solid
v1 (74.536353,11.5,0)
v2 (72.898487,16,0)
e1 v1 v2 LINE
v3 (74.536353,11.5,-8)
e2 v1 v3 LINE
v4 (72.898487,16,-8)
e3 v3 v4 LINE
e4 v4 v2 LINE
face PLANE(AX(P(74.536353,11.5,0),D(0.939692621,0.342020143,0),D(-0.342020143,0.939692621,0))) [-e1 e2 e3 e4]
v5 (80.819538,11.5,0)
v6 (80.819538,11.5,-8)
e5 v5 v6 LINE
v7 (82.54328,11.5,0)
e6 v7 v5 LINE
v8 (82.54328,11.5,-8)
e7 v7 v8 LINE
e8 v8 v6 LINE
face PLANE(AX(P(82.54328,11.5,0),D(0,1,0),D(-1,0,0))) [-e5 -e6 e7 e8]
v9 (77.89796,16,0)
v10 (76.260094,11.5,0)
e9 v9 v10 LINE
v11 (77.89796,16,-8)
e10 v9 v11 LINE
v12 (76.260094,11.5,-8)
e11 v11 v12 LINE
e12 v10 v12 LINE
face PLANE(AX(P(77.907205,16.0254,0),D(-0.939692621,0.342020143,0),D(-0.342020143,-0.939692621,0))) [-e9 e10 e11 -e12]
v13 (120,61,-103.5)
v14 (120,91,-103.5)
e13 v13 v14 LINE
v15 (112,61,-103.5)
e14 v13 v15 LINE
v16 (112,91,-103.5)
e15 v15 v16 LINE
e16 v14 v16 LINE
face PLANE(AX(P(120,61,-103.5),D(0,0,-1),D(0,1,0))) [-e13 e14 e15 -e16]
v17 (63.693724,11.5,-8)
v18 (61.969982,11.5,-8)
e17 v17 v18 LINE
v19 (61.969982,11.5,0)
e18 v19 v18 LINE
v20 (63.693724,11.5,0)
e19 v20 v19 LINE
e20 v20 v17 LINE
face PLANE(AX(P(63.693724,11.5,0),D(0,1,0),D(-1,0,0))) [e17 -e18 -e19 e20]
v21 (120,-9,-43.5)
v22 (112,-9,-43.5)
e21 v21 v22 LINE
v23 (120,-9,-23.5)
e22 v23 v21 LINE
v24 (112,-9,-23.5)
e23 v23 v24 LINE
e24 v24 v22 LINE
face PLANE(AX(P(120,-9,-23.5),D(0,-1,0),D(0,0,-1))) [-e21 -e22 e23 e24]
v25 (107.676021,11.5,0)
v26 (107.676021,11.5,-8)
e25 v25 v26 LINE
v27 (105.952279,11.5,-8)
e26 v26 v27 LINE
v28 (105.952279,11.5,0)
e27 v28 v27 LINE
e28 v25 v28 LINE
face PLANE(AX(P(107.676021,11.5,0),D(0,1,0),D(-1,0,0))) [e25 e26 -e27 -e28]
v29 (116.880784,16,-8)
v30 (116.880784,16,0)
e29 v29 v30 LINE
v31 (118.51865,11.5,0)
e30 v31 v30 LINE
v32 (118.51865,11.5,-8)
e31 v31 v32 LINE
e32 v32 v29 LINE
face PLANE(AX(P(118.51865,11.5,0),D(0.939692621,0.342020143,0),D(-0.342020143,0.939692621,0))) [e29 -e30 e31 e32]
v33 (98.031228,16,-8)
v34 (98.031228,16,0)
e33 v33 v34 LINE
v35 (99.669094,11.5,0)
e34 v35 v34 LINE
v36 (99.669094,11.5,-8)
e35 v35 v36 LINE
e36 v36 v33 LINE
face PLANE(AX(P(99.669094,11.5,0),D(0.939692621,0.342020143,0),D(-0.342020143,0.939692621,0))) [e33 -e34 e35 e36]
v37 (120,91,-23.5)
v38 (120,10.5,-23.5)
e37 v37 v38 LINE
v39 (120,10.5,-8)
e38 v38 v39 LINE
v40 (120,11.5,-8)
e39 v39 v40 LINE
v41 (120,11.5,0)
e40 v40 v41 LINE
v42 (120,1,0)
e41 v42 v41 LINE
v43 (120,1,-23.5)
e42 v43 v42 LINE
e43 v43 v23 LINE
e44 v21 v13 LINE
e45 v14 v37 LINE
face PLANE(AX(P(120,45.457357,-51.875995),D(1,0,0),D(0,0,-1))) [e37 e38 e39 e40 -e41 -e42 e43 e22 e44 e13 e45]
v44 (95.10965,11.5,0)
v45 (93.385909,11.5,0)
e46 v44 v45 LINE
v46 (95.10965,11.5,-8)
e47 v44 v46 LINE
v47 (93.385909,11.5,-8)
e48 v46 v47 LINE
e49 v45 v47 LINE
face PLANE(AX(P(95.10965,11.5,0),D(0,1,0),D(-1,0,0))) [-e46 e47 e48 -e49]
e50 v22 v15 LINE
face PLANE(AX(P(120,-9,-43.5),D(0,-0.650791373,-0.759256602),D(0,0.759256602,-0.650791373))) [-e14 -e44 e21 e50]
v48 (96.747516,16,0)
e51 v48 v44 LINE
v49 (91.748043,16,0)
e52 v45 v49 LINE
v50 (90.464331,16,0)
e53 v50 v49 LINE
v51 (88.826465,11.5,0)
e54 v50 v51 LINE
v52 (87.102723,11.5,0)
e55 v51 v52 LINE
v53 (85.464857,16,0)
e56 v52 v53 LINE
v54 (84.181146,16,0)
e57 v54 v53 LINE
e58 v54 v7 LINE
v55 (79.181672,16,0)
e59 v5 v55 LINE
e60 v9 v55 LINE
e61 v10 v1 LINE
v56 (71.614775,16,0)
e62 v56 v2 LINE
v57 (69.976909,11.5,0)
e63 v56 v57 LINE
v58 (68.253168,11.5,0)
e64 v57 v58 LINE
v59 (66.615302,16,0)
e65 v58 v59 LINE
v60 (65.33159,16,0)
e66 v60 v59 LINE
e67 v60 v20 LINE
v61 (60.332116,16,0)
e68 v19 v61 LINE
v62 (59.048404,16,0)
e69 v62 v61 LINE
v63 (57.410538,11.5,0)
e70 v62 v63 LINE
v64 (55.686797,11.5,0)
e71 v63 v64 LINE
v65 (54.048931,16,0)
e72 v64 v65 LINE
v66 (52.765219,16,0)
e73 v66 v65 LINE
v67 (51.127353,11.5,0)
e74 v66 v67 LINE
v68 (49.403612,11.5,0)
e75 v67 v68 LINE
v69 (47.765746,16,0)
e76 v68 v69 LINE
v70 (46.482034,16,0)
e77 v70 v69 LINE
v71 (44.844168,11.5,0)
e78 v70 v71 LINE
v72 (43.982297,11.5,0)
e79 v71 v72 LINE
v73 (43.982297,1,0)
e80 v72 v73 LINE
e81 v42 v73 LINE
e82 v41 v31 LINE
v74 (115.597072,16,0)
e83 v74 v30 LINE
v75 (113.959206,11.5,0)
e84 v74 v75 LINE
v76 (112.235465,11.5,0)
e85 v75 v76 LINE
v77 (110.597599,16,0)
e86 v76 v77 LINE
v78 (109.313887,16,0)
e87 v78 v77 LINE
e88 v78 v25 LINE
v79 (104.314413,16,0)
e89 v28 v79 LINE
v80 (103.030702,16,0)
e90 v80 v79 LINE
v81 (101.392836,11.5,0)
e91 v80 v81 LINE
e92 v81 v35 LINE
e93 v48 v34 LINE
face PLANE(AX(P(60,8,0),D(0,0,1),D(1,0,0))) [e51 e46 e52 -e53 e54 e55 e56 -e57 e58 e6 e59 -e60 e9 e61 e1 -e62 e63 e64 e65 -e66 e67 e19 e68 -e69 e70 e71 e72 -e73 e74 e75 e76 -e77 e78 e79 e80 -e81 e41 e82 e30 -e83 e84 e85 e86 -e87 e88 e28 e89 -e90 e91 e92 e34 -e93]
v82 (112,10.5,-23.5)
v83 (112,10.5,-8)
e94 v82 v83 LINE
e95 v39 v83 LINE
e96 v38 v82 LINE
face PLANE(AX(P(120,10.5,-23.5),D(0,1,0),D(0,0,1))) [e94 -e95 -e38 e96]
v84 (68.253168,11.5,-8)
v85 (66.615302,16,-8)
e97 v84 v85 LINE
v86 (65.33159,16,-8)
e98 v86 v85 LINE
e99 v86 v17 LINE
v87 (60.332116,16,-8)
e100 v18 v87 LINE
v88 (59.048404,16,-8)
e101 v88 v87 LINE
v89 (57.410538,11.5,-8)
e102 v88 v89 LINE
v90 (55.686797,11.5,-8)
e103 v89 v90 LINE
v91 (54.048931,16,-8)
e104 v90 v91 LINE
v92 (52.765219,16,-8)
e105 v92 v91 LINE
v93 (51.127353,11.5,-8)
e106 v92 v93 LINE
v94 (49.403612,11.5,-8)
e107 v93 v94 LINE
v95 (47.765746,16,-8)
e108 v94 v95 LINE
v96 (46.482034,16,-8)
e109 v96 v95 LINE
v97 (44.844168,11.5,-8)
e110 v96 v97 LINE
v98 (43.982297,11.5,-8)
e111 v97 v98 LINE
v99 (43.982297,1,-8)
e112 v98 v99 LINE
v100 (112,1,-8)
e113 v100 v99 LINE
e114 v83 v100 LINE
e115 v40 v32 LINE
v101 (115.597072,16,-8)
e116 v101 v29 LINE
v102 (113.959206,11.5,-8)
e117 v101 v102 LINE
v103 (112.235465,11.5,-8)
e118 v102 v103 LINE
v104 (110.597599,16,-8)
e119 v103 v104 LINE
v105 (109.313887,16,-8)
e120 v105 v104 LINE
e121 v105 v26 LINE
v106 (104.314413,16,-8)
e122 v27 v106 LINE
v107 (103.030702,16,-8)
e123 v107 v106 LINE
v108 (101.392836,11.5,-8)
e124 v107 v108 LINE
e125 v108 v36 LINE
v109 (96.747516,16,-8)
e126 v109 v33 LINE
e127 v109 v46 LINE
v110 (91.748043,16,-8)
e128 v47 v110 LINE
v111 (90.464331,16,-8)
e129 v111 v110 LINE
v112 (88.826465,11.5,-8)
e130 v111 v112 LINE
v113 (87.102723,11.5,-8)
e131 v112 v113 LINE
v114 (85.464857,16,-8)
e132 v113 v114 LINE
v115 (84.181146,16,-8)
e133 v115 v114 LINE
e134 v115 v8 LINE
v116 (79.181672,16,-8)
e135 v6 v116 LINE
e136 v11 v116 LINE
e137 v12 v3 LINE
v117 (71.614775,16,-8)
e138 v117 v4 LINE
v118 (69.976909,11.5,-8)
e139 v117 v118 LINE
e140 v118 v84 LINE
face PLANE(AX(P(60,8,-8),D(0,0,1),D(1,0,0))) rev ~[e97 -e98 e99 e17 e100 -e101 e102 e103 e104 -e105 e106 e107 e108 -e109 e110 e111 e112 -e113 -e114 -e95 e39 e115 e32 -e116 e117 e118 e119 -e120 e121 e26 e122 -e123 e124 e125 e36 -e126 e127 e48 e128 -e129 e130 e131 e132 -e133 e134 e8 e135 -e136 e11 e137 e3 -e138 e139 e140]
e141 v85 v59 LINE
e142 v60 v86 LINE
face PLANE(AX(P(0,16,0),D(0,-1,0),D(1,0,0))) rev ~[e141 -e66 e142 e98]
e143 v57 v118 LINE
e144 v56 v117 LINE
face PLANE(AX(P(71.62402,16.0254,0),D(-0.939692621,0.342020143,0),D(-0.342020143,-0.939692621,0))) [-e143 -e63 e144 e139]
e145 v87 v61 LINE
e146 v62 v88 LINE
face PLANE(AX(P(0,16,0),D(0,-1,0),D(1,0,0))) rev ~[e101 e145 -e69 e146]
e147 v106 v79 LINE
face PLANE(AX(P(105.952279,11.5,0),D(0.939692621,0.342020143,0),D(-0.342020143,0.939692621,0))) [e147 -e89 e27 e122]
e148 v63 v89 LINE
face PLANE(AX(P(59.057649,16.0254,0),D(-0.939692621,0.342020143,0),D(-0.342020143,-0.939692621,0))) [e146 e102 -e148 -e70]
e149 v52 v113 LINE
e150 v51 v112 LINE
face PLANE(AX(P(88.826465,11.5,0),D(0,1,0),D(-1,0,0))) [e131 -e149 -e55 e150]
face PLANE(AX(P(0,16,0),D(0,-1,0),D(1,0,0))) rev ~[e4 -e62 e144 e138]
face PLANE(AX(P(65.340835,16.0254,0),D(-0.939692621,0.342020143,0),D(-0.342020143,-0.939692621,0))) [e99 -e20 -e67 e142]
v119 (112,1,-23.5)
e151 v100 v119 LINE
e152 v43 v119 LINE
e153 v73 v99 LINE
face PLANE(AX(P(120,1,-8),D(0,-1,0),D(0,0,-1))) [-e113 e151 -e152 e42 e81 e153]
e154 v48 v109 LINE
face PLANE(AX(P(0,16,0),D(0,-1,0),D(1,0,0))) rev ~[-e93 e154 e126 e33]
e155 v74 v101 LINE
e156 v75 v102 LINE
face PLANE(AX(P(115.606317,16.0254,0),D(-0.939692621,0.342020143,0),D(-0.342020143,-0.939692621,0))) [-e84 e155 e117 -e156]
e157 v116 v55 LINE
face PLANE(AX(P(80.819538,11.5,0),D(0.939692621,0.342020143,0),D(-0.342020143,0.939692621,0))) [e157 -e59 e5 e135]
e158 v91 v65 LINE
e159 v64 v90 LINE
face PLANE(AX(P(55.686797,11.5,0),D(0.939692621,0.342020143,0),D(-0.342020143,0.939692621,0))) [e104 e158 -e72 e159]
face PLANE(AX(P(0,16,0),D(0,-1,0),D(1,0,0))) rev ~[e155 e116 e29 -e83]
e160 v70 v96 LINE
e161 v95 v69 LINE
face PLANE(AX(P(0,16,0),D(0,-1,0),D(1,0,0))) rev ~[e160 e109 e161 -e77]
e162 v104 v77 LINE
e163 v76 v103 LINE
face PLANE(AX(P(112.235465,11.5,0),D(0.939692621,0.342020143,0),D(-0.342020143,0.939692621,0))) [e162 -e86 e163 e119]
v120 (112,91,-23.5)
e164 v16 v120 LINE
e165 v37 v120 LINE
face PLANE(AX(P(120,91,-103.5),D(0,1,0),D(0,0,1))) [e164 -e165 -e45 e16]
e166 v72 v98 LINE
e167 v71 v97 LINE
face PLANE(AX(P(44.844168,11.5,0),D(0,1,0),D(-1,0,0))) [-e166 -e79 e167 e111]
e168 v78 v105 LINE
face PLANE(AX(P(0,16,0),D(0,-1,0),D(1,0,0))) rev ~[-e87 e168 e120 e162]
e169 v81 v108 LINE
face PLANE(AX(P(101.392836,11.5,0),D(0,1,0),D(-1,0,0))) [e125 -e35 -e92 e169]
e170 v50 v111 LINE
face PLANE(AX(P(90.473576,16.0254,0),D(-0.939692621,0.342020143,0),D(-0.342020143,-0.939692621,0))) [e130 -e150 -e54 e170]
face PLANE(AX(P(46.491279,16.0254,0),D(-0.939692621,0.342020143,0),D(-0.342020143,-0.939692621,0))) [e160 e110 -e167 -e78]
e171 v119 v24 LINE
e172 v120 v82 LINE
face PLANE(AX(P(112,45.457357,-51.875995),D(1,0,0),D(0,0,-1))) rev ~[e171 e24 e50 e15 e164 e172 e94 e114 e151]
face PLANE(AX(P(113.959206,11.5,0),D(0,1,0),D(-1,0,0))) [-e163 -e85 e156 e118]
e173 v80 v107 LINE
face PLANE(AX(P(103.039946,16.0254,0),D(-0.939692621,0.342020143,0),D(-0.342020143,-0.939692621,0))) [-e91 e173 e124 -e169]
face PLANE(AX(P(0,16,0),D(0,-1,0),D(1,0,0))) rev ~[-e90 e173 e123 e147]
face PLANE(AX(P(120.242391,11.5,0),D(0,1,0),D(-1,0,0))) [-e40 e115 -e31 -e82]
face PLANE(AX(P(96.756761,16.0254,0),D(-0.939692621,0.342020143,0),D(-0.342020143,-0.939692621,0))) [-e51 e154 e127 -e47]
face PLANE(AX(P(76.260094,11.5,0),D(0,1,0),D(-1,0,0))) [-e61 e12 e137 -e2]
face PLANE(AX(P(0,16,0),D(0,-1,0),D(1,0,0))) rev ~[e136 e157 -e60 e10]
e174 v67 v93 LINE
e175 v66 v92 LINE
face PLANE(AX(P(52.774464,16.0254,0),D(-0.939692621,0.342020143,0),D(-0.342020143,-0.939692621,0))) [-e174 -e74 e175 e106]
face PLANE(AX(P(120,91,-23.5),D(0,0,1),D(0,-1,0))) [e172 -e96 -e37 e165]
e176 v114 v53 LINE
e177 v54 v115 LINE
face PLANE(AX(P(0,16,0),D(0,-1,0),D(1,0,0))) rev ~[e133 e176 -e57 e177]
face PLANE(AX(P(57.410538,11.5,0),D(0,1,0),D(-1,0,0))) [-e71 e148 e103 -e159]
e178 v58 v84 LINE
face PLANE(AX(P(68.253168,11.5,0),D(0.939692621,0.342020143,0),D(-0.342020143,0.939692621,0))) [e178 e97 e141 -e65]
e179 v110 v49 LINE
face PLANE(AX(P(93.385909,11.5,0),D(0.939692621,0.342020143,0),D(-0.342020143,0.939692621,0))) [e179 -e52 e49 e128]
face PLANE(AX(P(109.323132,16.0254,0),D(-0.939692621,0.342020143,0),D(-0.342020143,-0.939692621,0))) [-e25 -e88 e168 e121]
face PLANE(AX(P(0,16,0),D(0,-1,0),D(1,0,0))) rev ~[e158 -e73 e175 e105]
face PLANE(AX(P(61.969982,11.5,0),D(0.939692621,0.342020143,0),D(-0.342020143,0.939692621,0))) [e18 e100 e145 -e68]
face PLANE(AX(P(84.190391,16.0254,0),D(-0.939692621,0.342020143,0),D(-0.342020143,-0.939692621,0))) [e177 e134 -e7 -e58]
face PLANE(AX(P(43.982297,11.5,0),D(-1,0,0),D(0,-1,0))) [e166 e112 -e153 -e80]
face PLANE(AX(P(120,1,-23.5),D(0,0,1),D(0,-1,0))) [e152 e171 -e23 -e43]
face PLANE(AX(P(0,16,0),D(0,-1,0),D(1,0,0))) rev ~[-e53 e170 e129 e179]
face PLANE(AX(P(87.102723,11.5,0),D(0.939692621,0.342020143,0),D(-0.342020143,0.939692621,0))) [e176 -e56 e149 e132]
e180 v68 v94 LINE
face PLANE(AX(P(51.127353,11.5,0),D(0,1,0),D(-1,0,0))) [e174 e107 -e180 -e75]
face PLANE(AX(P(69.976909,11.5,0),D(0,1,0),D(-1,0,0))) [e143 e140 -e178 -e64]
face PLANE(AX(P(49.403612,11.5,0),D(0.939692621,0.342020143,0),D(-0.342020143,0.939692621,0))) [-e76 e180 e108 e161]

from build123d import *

# Parameters (mm, degrees)
BLANKSKE_W          = 120
BLANKSKE_H          = 16
BLANK_DEPTH         = 8
TOOTHCUTSIM_DEPTH   = 122.326007105
TEETHCUTS_COUNT     = 20
TEETHCUTS_PITCH     = 6.2831853
SKETCH1_W           = 8
SKETCH1_H           = 1
CUT_EXTRUDE1_DEPTH  = 122.326007105
BOSS_EXTRUDE2_DEPTH = 8
CUT_EXTRUDE2_DEPTH  = 183.738200713


with BuildPart() as part:
    # BlankSke → Blank (new body)
    with BuildSketch(Plane.XY):
        with Locations((60, 8)):
            Rectangle(BLANKSKE_W, BLANKSKE_H)
    extrude(amount=-BLANK_DEPTH)

    # TooCutSkeSim → ToothCutSim (cut, through all)
    with BuildSketch(Plane.XY):
        Polygon((0.861870739, 11.5), (-0.861870739, 11.5), (-2.508981637, 16.0254), (2.508981637, 16.0254), align=None)
    toothcutsim = extrude(amount=-TOOTHCUTSIM_DEPTH, mode=Mode.SUBTRACT)

    # TeethCuts: ToothCutSim ×20
    with Locations(*[(i * TEETHCUTS_PITCH, 0, 0) for i in range(1, TEETHCUTS_COUNT)]):
        add(toothcutsim, mode=Mode.SUBTRACT)

    # Sketch1 → Cut-Extrude1 (cut, through all)
    with BuildSketch(Plane(origin=(120, 0, 0), x_dir=(0, 0, -1), z_dir=(1, 0, 0))):
        with Locations((4, 0.5)):
            Rectangle(SKETCH1_W, SKETCH1_H)
    extrude(amount=-CUT_EXTRUDE1_DEPTH, mode=Mode.SUBTRACT)

    # Sketch2 → Boss-Extrude2 (add)
    with BuildSketch(Plane(origin=(120, 0, 0), x_dir=(0, 0, -1), z_dir=(1, 0, 0))):
        Polygon((8, 1), (23.5, 1), (23.5, -9), (43.5, -9), (103.5, 61), (103.5, 91), (23.5, 91), (23.5, 10.5), (8, 10.5), align=None)
    extrude(amount=-BOSS_EXTRUDE2_DEPTH)

    # Sketch3 → Cut-Extrude2 (cut, through all)
    with BuildSketch(Plane.XY):
        with BuildLine():
            Line((0, 1), (0, 11.5))
            ThreePointArc((0, 11.5), (0.43093537, 11.93093537), (0.861870739, 11.5))
            Line((0.861870739, 11.5), (2.499736794, 16))
            Line((2.499736794, 16), (3.783448506, 16))
            Line((3.783448506, 16), (5.421314561, 11.5))
            Line((5.421314561, 11.5), (7.145056039, 11.5))
            Line((7.145056039, 11.5), (8.782922094, 16))
            Line((8.782922094, 16), (10.066633806, 16))
            Line((10.066633806, 16), (11.704499861, 11.5))
            Line((11.704499861, 11.5), (13.428241339, 11.5))
            Line((13.428241339, 11.5), (15.066107394, 16))
            Line((15.066107394, 16), (15.70796325, 16))
            Line((15.70796325, 16), (16.349819106, 16))
            Line((16.349819106, 16), (17.987685161, 11.5))
            Line((17.987685161, 11.5), (19.711426639, 11.5))
            Line((19.711426639, 11.5), (21.349292694, 16))
            Line((21.349292694, 16), (22.633004406, 16))
            Line((22.633004406, 16), (24.270870461, 11.5))
            Line((24.270870461, 11.5), (25.994611939, 11.5))
            Line((25.994611939, 11.5), (27.632477994, 16))
            Line((27.632477994, 16), (28.916189706, 16))
            Line((28.916189706, 16), (30.554055761, 11.5))
            Line((30.554055761, 11.5), (32.277797239, 11.5))
            Line((32.277797239, 11.5), (33.915663294, 16))
            Line((33.915663294, 16), (35.199375006, 16))
            Line((35.199375006, 16), (36.837241061, 11.5))
            Line((36.837241061, 11.5), (37.6991118, 11.5))
            Line((37.6991118, 11.5), (38.560982539, 11.5))
            Line((38.560982539, 11.5), (40.198848594, 16))
            Line((40.198848594, 16), (41.482560306, 16))
            Line((41.482560306, 16), (43.120426361, 11.5))
            Line((43.120426361, 11.5), (43.9822971, 11.5))
            Line((43.9822971, 11.5), (43.9822971, 1))
            Line((43.9822971, 1), (37.6991118, 1))
            Line((37.6991118, 1), (17.987685161, 1))
            Line((17.987685161, 1), (15.70796325, 1))
            Line((15.70796325, 1), (6.161314561, 1))
            Line((6.161314561, 1), (0, 1))
        make_face()
    extrude(amount=-CUT_EXTRUDE2_DEPTH, mode=Mode.SUBTRACT)


solid = part.part
